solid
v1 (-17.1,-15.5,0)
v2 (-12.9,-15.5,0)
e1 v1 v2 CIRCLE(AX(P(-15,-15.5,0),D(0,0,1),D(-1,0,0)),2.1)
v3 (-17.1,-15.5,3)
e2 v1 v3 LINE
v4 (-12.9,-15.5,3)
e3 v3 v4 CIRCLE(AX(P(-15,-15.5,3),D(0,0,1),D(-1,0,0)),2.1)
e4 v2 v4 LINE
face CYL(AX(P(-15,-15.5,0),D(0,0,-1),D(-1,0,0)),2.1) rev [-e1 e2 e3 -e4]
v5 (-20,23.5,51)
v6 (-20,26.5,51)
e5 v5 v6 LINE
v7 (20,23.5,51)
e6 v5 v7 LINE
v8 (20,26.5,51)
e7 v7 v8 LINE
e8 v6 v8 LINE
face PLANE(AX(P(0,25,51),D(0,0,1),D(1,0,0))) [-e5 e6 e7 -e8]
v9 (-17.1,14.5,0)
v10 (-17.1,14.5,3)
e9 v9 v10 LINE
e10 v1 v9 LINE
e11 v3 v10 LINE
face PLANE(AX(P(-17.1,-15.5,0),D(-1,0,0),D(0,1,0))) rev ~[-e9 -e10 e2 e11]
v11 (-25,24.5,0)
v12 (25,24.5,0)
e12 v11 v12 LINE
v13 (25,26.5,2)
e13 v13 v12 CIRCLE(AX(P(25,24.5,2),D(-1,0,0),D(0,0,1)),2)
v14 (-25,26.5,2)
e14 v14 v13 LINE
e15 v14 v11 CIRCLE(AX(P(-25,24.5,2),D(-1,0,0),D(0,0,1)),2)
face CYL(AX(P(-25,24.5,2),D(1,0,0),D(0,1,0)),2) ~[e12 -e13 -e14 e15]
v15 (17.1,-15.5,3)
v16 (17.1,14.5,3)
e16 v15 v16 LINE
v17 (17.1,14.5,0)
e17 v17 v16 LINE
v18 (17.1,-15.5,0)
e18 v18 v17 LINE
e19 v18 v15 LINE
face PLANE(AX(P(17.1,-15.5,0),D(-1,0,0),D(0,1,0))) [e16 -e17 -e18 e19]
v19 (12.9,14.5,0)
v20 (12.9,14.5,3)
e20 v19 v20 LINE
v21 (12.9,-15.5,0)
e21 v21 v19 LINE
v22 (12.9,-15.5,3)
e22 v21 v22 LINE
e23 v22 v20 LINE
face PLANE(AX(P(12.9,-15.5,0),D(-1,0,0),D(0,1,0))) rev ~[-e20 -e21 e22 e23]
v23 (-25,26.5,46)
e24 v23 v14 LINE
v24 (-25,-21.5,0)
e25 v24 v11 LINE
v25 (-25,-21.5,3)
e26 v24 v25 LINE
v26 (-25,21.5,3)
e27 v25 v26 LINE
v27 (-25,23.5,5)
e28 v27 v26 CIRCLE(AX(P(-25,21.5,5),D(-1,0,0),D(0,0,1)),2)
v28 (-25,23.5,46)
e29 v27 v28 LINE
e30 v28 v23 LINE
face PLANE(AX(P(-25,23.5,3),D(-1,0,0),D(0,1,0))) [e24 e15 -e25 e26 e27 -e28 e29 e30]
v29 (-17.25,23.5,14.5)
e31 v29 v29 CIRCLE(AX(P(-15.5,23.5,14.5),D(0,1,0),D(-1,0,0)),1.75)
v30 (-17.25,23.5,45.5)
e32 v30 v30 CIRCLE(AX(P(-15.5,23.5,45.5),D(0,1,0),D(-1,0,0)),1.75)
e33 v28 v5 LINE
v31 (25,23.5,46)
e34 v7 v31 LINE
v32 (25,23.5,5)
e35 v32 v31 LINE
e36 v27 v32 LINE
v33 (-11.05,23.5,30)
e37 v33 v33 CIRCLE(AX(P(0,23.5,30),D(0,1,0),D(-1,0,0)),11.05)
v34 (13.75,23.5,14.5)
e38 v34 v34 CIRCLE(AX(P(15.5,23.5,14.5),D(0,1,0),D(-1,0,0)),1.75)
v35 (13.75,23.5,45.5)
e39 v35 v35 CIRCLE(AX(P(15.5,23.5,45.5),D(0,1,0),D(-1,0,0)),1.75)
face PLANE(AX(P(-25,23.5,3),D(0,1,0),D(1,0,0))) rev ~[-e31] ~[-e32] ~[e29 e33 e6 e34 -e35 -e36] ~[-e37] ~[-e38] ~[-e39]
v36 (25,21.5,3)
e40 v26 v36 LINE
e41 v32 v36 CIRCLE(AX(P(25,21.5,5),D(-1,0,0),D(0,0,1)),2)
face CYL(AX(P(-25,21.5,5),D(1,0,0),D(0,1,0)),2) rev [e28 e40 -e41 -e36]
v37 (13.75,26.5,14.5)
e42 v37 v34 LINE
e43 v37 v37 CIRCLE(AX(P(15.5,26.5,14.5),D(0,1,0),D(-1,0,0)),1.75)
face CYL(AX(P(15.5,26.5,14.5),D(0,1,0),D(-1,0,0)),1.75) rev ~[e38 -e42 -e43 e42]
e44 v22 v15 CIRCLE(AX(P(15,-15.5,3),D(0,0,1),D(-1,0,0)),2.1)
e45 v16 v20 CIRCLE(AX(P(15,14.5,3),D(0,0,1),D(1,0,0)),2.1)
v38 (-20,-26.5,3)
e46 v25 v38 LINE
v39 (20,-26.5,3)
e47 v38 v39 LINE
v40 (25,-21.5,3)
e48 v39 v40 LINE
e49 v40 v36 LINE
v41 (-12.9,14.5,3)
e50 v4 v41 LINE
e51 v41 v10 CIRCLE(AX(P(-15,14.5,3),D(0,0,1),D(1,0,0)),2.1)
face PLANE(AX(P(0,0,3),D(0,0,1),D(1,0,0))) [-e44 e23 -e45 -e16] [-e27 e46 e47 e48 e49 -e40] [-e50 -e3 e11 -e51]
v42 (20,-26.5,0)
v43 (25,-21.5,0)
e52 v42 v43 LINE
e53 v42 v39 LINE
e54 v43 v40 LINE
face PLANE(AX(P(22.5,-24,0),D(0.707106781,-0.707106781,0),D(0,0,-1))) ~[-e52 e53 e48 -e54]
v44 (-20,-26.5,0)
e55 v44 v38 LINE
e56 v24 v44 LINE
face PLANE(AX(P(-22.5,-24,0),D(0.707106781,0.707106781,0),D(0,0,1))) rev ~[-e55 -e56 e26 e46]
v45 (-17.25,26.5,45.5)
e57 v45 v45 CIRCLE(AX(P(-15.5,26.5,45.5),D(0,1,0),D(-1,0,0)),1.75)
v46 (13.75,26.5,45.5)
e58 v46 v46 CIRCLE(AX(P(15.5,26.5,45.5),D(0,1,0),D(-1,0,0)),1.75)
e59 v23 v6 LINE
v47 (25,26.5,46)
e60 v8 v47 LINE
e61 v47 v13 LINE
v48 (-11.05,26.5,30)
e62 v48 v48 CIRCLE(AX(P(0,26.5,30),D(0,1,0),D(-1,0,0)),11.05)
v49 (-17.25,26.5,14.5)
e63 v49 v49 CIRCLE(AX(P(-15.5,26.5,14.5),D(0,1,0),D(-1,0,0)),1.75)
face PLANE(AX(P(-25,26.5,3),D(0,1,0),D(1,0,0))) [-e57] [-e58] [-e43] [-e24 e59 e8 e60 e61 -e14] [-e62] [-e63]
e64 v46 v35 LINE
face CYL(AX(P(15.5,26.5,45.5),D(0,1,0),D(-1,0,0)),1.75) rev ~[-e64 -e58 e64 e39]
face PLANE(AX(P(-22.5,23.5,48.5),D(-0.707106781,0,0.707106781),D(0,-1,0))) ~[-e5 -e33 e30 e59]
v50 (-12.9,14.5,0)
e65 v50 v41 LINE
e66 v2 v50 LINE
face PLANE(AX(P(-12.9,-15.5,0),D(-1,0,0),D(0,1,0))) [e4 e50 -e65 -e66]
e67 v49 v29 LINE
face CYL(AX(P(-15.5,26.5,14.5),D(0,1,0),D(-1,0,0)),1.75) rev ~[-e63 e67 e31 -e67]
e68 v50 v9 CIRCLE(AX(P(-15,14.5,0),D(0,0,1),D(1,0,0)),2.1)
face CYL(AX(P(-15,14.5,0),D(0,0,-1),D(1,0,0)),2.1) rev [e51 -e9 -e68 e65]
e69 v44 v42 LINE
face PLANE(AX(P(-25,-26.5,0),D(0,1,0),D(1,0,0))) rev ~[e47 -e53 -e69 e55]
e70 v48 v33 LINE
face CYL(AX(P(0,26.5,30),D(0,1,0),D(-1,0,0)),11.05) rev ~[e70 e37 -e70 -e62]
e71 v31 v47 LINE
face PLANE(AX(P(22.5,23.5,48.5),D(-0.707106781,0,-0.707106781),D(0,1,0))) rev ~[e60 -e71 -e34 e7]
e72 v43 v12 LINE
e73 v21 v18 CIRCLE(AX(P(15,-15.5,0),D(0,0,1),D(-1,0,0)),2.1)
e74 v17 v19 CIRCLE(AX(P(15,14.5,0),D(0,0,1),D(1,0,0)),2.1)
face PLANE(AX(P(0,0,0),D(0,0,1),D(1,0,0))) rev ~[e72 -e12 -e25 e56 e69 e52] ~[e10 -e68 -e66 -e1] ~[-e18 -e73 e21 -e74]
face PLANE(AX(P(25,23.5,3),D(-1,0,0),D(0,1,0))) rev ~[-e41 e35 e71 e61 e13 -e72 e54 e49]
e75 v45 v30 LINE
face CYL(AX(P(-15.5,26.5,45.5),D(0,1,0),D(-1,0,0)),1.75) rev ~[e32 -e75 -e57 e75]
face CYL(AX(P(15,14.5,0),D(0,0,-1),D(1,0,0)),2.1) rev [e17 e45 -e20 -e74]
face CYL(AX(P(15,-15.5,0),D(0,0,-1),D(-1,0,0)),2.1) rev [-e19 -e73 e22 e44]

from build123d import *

# Parameters (mm, degrees)
SKETCH_W      = 50
SKETCH_H      = 53
PAD_DEPTH     = 3
SKETCH001_W   = 50
SKETCH001_H   = 3
PAD001_DEPTH  = 48
SKETCH002_R   = 11.05
SKETCH002_R_2 = 1.75
POCKET_DEPTH  = 53.001
FILLET_R      = 2
CHAMFER_SIZE  = 5


with BuildPart() as part:
    # Sketch → Pad (new body)
    with BuildSketch(Plane.XY):
        Rectangle(SKETCH_W, SKETCH_H)
        with BuildLine():
            ThreePointArc((-17.1, -15.5), (-15, -17.6), (-12.9, -15.5))
            Line((-12.9, -15.5), (-12.9, 14.5))
            ThreePointArc((-12.9, 14.5), (-15, 16.6), (-17.1, 14.5))
            Line((-17.1, -15.5), (-17.1, 14.5))
        make_face(mode=Mode.SUBTRACT)
        with BuildLine():
            ThreePointArc((12.9, -15.5), (15, -17.6), (17.1, -15.5))
            Line((17.1, -15.5), (17.1, 14.5))
            ThreePointArc((17.1, 14.5), (15, 16.6), (12.9, 14.5))
            Line((12.9, -15.5), (12.9, 14.5))
        make_face(mode=Mode.SUBTRACT)
    extrude(amount=PAD_DEPTH)

    # Sketch001 → Pad001 (new body)
    with BuildSketch(Plane.XY.offset(3)):
        with Locations((0, 25)):
            Rectangle(SKETCH001_W, SKETCH001_H)
    extrude(amount=PAD001_DEPTH)

    # Sketch002 → Pocket (cut, through all)
    with BuildSketch(Plane(origin=(0, 26.5, 0), x_dir=(-1, 0, 0), z_dir=(0, 1, 0))):
        with Locations((0, 30)):
            Circle(SKETCH002_R)
        with Locations((-15.5, 45.5)):
            Circle(SKETCH002_R_2)
        with Locations((15.5, 45.5)):
            Circle(SKETCH002_R_2)
        with Locations((-15.5, 14.5)):
            Circle(SKETCH002_R_2)
        with Locations((15.5, 14.5)):
            Circle(SKETCH002_R_2)
    extrude(amount=-POCKET_DEPTH, mode=Mode.SUBTRACT)

    # Fillet
    fillet_edges = [part.edges().sort_by_distance(p)[0] for p in [
        (0, 26.5, 0),
        (0, 23.5, 3),
    ]]
    fillet(fillet_edges, radius=FILLET_R)

    # Chamfer
    chamfer_edges = [part.edges().sort_by_distance(p)[0] for p in [
        (25, 25, 51),
        (-25, 25, 51),
        (-25, -26.5, 1.5),
        (25, -26.5, 1.5),
    ]]
    chamfer(chamfer_edges, length=CHAMFER_SIZE)


solid = part.part
